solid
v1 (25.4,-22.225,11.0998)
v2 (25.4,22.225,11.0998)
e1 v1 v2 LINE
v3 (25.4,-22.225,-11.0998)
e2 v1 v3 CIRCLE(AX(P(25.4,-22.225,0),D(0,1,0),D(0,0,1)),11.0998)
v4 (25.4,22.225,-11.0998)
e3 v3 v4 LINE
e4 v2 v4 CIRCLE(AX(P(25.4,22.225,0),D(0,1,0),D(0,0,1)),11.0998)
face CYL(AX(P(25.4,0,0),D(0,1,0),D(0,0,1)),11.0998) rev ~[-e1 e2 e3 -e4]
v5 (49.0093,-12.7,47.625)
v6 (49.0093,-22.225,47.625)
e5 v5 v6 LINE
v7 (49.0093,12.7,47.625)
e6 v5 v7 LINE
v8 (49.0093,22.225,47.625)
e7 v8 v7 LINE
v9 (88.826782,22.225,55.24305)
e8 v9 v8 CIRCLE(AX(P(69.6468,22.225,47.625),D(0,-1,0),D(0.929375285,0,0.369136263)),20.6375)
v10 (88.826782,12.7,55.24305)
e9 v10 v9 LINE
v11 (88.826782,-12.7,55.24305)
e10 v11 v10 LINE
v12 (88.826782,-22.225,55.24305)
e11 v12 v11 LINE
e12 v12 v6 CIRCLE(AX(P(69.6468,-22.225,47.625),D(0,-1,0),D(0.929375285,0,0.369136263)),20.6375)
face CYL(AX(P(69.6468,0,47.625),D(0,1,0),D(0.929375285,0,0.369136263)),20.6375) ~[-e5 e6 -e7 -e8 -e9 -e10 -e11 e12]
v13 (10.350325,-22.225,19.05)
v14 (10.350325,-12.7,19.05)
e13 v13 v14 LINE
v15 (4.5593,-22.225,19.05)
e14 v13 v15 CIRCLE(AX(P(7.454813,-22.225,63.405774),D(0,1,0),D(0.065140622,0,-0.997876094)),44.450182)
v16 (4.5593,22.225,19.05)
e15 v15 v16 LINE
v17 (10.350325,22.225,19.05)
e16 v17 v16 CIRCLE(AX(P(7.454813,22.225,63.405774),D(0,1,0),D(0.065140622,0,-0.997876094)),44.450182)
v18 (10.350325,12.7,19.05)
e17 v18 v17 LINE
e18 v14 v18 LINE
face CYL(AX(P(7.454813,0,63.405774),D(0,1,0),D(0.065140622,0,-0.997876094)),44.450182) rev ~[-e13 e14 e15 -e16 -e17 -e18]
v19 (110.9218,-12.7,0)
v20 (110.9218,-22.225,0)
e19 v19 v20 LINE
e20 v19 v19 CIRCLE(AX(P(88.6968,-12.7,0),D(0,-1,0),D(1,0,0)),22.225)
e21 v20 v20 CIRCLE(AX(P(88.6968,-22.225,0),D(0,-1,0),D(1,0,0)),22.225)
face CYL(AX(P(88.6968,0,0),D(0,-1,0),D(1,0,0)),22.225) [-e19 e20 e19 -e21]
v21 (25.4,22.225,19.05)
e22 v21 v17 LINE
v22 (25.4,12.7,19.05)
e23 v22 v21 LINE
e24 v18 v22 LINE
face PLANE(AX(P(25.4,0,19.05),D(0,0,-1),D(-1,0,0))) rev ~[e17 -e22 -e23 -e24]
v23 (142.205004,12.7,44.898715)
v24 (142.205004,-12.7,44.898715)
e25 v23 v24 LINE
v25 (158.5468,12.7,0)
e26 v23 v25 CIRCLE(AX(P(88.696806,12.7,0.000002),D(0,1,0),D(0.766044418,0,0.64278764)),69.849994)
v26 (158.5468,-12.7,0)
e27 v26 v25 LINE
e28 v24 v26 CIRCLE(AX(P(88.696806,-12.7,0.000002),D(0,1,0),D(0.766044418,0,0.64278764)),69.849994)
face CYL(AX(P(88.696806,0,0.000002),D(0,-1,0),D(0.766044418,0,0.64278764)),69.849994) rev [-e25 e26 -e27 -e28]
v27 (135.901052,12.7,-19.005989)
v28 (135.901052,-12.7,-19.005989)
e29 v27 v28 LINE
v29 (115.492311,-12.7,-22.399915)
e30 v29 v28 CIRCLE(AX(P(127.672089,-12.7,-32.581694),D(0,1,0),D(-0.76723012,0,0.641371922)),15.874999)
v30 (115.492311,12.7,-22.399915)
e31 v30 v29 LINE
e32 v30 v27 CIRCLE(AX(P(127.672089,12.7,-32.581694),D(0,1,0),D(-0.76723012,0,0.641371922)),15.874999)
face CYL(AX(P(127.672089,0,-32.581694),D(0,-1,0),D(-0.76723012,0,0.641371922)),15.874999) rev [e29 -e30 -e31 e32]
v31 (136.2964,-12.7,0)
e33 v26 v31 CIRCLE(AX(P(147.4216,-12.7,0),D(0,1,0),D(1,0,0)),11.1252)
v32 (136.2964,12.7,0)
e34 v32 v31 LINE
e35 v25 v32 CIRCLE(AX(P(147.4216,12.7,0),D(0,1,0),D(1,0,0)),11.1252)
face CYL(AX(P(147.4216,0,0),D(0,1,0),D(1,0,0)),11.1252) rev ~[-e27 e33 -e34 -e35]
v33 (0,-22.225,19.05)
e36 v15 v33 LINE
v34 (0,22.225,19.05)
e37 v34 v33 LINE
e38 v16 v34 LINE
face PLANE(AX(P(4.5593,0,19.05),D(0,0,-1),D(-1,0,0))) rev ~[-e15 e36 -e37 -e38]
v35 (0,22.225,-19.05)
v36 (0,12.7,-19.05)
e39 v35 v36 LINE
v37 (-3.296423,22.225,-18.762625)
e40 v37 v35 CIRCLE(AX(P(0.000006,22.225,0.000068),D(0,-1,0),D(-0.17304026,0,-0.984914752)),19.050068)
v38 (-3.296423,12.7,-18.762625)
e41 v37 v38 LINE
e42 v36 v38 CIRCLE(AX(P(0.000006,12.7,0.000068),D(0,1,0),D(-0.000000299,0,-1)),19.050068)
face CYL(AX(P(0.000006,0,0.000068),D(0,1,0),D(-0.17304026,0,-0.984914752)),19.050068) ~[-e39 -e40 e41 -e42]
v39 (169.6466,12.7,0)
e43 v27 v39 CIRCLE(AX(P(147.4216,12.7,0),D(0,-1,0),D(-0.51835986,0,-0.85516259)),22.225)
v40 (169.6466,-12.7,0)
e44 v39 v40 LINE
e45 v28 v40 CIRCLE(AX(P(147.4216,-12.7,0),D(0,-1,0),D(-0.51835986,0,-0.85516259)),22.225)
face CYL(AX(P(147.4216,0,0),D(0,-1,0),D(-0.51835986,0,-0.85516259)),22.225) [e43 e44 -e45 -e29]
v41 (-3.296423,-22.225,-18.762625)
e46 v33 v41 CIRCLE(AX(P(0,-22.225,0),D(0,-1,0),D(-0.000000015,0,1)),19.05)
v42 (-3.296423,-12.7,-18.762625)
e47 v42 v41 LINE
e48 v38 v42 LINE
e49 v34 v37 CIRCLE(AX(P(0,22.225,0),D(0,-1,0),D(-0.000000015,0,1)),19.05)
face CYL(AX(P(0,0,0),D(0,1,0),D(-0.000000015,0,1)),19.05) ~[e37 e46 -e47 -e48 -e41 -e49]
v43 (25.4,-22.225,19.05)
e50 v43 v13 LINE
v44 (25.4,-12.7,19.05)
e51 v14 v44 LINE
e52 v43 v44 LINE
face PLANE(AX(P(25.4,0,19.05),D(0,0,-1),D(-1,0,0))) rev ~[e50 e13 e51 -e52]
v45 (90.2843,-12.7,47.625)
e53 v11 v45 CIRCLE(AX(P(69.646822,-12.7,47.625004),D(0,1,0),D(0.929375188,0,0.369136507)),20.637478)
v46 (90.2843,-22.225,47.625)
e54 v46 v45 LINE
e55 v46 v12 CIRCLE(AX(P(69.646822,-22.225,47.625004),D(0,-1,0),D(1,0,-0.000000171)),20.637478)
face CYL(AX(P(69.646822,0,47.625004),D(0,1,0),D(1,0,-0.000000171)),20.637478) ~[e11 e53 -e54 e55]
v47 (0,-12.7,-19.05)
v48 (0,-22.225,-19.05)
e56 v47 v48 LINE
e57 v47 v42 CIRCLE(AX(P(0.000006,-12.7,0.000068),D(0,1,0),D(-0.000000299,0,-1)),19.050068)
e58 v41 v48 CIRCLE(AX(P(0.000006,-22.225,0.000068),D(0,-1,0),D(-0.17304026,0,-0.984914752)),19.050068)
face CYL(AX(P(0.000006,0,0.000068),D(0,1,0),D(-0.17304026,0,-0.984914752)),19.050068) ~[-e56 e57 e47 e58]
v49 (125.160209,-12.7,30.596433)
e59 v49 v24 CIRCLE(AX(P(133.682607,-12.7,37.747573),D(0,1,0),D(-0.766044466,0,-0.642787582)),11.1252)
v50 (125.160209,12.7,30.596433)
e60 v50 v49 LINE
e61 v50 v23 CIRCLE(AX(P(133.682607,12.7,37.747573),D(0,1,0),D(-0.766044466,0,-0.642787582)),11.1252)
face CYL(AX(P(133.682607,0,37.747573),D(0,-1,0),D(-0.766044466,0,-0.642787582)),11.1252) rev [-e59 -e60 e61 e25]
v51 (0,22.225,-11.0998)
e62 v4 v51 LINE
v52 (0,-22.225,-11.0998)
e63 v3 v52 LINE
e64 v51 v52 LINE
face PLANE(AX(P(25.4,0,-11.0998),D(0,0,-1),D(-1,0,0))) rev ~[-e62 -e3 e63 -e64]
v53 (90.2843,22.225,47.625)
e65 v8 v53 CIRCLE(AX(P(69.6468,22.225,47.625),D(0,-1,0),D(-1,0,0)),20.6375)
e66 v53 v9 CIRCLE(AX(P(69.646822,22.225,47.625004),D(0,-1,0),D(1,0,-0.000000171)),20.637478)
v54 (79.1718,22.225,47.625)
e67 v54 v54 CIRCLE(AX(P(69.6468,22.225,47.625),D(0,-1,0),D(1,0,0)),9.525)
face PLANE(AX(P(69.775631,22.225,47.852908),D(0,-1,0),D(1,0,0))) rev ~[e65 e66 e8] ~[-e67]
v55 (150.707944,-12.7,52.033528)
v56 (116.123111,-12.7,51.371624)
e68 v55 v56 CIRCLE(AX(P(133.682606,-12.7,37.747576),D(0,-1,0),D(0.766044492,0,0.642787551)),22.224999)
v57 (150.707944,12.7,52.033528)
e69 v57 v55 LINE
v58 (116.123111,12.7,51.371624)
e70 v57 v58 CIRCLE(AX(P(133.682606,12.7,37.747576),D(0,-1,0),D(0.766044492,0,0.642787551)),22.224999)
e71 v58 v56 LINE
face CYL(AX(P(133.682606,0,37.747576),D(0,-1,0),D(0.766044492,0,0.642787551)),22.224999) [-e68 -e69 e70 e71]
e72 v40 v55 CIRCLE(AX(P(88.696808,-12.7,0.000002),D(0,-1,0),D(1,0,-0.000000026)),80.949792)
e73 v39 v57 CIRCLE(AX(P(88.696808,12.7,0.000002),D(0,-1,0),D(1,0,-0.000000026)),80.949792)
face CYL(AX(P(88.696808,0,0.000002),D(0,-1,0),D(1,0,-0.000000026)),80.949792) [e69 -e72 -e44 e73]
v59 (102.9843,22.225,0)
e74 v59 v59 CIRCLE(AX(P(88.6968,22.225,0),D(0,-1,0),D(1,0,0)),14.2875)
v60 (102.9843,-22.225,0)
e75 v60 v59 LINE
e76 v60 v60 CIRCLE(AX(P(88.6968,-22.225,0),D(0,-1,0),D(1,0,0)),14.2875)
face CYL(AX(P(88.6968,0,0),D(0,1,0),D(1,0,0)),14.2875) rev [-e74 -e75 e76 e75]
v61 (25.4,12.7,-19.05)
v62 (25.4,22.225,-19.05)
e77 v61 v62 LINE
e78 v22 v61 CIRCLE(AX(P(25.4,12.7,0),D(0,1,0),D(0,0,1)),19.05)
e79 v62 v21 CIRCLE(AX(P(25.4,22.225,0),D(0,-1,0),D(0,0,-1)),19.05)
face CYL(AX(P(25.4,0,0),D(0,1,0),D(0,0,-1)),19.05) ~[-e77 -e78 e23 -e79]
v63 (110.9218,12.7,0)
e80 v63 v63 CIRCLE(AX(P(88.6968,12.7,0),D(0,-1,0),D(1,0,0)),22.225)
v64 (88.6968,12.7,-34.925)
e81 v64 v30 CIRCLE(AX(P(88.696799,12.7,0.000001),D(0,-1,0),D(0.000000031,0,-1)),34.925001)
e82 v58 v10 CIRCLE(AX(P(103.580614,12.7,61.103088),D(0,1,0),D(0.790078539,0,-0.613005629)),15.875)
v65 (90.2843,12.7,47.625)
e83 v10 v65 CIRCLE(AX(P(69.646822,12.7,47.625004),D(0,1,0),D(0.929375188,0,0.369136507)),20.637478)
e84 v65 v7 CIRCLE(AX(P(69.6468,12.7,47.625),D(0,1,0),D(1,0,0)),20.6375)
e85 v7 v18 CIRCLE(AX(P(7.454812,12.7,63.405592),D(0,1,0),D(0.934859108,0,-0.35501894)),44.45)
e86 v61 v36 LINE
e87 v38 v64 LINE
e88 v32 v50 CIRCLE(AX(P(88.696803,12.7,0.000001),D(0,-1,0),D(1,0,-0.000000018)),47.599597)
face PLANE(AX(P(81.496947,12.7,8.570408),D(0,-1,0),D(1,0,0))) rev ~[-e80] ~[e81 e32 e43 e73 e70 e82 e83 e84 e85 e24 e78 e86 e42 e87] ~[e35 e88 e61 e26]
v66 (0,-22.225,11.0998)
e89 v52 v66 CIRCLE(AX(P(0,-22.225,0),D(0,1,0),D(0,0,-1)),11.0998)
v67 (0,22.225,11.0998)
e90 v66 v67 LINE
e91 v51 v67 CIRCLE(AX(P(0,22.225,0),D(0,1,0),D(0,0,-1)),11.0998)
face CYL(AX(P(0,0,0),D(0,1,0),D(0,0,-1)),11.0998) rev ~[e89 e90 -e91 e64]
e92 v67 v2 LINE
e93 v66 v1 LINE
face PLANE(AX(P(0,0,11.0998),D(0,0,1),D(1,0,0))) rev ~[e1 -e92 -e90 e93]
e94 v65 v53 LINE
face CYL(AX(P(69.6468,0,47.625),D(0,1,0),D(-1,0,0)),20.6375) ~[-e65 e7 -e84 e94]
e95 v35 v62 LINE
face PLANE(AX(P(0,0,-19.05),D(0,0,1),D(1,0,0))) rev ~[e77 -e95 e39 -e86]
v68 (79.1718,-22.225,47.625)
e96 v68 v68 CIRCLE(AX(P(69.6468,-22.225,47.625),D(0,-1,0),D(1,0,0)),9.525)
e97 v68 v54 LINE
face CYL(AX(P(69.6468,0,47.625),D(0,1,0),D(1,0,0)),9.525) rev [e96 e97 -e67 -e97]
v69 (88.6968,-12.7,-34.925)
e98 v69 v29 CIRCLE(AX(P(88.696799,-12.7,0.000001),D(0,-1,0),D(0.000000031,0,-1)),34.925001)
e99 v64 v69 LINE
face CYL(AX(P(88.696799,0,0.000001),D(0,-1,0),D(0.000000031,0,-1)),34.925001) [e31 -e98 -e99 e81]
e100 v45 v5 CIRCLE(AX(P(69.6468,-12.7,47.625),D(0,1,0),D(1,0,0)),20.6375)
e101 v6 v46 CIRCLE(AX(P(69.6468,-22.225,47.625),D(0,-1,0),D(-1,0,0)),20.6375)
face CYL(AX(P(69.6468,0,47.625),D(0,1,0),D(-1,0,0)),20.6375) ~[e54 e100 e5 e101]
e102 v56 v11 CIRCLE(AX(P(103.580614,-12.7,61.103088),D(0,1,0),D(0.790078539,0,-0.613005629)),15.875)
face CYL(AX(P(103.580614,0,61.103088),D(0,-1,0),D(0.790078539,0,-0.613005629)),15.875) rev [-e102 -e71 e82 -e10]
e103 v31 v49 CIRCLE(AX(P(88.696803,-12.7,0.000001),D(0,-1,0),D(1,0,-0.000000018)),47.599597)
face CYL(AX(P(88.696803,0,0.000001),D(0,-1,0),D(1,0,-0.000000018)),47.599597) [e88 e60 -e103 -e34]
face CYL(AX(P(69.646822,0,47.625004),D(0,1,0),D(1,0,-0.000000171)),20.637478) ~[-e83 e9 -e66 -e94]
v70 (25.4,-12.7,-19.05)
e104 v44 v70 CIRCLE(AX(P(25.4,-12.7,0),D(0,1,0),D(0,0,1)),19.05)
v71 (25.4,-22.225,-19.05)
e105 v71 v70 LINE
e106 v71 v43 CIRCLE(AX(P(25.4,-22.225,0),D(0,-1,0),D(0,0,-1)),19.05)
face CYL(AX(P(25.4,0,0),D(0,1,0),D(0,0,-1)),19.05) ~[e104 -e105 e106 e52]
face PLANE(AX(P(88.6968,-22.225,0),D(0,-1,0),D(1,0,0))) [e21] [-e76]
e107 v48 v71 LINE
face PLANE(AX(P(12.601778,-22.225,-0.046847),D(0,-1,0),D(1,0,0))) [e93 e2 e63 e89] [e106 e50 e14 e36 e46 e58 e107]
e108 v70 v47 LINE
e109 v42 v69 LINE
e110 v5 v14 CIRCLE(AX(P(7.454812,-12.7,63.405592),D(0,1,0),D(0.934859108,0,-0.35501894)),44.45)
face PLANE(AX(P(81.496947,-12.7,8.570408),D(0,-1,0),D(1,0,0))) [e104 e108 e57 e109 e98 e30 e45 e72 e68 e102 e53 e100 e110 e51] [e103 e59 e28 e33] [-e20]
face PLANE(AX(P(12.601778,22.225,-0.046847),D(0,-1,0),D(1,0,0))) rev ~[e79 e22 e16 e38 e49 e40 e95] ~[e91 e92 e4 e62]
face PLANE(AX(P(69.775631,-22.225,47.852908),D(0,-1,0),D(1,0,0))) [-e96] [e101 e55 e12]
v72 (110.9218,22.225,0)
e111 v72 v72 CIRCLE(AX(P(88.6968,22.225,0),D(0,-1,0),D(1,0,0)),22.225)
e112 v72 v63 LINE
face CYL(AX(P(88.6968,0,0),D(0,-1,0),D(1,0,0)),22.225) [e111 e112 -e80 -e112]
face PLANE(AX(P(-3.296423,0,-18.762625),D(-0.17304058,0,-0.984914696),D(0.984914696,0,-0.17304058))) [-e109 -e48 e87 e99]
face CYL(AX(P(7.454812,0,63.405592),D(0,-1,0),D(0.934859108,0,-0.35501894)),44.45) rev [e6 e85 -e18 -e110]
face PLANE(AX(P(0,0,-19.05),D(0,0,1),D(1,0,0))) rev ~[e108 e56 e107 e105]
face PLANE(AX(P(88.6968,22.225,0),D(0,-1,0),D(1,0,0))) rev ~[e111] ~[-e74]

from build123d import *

# Parameters (mm, degrees)
F0_R     = 22.225
F1_DEPTH = 12.7
F0_R_2   = 9.525
F0_R_3   = 14.2875
F2_DEPTH = 22.225


with BuildPart() as f1:
    # F0 (on Front) → F1 (new body, symmetric)
    with BuildSketch(Plane.XZ):
        with BuildLine():
            ThreePointArc((0, -19.05), (-1.654463, -18.97802), (-3.296423, -18.762625))
            Line((-3.296423, -18.762625), (88.6968, -34.925))
            ThreePointArc((88.6968, -34.925), (103.485961, -31.639158), (115.492311, -22.399915))
            ThreePointArc((115.492311, -22.399915), (125.067877, -16.921755), (135.901052, -19.005989))
            ThreePointArc((135.901052, -19.005989), (158.328168, -19.36485), (169.6466, 0))
            ThreePointArc((169.6466, 0), (164.76473, 27.686462), (150.707944, 52.033528))
            ThreePointArc((150.707944, 52.033528), (133.25733, 59.968505), (116.123111, 51.371624))
            ThreePointArc((116.123111, 51.371624), (101.35138, 45.385387), (88.826782, 55.24305))
            ThreePointArc((88.826782, 55.24305), (89.916646, 51.503113), (90.2843, 47.625))
            ThreePointArc((90.2843, 47.625), (69.6468, 26.9875), (49.0093, 47.625))
            ThreePointArc((49.0093, 47.625), (33.876078, 27.660393), (10.350325, 19.05))
            Line((10.350325, 19.05), (25.4, 19.05))
            ThreePointArc((25.4, 19.05), (44.45, 0), (25.4, -19.05))
            Line((25.4, -19.05), (0, -19.05))
        make_face()
        with Locations((88.6968, 0)):
            Circle(F0_R, mode=Mode.SUBTRACT)
        with BuildLine():
            ThreePointArc((158.5468, 0), (147.4216, -11.1252), (136.2964, 0))
            ThreePointArc((136.2964, 0), (133.425793, 16.280022), (125.160209, 30.596433))
            ThreePointArc((125.160209, 30.596433), (126.531466, 46.269971), (142.205004, 44.898715))
            ThreePointArc((142.205004, 44.898715), (154.33433, 23.890107), (158.5468, 0))
        make_face(mode=Mode.SUBTRACT)
    extrude(amount=F1_DEPTH, both=True)

    # F0 (on Front) → F2 (join, symmetric)
    with BuildSketch(Plane.XZ):
        with BuildLine():
            Line((4.5593, 19.05), (0, 19.05))
            ThreePointArc((0, 19.05), (-18.97802, 1.654463), (-3.296423, -18.762625))
            ThreePointArc((-3.296423, -18.762625), (-1.654463, -18.97802), (0, -19.05))
            Line((0, -19.05), (25.4, -19.05))
            ThreePointArc((25.4, -19.05), (44.45, 0), (25.4, 19.05))
            Line((25.4, 19.05), (10.350325, 19.05))
            ThreePointArc((10.350325, 19.05), (7.454813, 18.955592), (4.5593, 19.05))
        make_face()
        with BuildLine():
            ThreePointArc((0, -11.0998), (-11.0998, 0), (0, 11.0998))
            Line((0, 11.0998), (25.4, 11.0998))
            ThreePointArc((25.4, 11.0998), (36.4998, 0), (25.4, -11.0998))
            Line((25.4, -11.0998), (0, -11.0998))
        make_face(mode=Mode.SUBTRACT)
        with BuildLine():
            ThreePointArc((88.826782, 55.24305), (65.768687, 67.894846), (49.0093, 47.625))
            ThreePointArc((49.0093, 47.625), (69.6468, 26.9875), (90.2843, 47.625))
            ThreePointArc((90.2843, 47.625), (89.916646, 51.503113), (88.826782, 55.24305))
        make_face()
        with Locations((69.6468, 47.625)):
            Circle(F0_R_2, mode=Mode.SUBTRACT)
        with Locations((88.6968, 0)):
            Circle(F0_R)
        with Locations((88.6968, 0)):
            Circle(F0_R_3, mode=Mode.SUBTRACT)
    extrude(amount=F2_DEPTH, both=True)


solid = f1.part
